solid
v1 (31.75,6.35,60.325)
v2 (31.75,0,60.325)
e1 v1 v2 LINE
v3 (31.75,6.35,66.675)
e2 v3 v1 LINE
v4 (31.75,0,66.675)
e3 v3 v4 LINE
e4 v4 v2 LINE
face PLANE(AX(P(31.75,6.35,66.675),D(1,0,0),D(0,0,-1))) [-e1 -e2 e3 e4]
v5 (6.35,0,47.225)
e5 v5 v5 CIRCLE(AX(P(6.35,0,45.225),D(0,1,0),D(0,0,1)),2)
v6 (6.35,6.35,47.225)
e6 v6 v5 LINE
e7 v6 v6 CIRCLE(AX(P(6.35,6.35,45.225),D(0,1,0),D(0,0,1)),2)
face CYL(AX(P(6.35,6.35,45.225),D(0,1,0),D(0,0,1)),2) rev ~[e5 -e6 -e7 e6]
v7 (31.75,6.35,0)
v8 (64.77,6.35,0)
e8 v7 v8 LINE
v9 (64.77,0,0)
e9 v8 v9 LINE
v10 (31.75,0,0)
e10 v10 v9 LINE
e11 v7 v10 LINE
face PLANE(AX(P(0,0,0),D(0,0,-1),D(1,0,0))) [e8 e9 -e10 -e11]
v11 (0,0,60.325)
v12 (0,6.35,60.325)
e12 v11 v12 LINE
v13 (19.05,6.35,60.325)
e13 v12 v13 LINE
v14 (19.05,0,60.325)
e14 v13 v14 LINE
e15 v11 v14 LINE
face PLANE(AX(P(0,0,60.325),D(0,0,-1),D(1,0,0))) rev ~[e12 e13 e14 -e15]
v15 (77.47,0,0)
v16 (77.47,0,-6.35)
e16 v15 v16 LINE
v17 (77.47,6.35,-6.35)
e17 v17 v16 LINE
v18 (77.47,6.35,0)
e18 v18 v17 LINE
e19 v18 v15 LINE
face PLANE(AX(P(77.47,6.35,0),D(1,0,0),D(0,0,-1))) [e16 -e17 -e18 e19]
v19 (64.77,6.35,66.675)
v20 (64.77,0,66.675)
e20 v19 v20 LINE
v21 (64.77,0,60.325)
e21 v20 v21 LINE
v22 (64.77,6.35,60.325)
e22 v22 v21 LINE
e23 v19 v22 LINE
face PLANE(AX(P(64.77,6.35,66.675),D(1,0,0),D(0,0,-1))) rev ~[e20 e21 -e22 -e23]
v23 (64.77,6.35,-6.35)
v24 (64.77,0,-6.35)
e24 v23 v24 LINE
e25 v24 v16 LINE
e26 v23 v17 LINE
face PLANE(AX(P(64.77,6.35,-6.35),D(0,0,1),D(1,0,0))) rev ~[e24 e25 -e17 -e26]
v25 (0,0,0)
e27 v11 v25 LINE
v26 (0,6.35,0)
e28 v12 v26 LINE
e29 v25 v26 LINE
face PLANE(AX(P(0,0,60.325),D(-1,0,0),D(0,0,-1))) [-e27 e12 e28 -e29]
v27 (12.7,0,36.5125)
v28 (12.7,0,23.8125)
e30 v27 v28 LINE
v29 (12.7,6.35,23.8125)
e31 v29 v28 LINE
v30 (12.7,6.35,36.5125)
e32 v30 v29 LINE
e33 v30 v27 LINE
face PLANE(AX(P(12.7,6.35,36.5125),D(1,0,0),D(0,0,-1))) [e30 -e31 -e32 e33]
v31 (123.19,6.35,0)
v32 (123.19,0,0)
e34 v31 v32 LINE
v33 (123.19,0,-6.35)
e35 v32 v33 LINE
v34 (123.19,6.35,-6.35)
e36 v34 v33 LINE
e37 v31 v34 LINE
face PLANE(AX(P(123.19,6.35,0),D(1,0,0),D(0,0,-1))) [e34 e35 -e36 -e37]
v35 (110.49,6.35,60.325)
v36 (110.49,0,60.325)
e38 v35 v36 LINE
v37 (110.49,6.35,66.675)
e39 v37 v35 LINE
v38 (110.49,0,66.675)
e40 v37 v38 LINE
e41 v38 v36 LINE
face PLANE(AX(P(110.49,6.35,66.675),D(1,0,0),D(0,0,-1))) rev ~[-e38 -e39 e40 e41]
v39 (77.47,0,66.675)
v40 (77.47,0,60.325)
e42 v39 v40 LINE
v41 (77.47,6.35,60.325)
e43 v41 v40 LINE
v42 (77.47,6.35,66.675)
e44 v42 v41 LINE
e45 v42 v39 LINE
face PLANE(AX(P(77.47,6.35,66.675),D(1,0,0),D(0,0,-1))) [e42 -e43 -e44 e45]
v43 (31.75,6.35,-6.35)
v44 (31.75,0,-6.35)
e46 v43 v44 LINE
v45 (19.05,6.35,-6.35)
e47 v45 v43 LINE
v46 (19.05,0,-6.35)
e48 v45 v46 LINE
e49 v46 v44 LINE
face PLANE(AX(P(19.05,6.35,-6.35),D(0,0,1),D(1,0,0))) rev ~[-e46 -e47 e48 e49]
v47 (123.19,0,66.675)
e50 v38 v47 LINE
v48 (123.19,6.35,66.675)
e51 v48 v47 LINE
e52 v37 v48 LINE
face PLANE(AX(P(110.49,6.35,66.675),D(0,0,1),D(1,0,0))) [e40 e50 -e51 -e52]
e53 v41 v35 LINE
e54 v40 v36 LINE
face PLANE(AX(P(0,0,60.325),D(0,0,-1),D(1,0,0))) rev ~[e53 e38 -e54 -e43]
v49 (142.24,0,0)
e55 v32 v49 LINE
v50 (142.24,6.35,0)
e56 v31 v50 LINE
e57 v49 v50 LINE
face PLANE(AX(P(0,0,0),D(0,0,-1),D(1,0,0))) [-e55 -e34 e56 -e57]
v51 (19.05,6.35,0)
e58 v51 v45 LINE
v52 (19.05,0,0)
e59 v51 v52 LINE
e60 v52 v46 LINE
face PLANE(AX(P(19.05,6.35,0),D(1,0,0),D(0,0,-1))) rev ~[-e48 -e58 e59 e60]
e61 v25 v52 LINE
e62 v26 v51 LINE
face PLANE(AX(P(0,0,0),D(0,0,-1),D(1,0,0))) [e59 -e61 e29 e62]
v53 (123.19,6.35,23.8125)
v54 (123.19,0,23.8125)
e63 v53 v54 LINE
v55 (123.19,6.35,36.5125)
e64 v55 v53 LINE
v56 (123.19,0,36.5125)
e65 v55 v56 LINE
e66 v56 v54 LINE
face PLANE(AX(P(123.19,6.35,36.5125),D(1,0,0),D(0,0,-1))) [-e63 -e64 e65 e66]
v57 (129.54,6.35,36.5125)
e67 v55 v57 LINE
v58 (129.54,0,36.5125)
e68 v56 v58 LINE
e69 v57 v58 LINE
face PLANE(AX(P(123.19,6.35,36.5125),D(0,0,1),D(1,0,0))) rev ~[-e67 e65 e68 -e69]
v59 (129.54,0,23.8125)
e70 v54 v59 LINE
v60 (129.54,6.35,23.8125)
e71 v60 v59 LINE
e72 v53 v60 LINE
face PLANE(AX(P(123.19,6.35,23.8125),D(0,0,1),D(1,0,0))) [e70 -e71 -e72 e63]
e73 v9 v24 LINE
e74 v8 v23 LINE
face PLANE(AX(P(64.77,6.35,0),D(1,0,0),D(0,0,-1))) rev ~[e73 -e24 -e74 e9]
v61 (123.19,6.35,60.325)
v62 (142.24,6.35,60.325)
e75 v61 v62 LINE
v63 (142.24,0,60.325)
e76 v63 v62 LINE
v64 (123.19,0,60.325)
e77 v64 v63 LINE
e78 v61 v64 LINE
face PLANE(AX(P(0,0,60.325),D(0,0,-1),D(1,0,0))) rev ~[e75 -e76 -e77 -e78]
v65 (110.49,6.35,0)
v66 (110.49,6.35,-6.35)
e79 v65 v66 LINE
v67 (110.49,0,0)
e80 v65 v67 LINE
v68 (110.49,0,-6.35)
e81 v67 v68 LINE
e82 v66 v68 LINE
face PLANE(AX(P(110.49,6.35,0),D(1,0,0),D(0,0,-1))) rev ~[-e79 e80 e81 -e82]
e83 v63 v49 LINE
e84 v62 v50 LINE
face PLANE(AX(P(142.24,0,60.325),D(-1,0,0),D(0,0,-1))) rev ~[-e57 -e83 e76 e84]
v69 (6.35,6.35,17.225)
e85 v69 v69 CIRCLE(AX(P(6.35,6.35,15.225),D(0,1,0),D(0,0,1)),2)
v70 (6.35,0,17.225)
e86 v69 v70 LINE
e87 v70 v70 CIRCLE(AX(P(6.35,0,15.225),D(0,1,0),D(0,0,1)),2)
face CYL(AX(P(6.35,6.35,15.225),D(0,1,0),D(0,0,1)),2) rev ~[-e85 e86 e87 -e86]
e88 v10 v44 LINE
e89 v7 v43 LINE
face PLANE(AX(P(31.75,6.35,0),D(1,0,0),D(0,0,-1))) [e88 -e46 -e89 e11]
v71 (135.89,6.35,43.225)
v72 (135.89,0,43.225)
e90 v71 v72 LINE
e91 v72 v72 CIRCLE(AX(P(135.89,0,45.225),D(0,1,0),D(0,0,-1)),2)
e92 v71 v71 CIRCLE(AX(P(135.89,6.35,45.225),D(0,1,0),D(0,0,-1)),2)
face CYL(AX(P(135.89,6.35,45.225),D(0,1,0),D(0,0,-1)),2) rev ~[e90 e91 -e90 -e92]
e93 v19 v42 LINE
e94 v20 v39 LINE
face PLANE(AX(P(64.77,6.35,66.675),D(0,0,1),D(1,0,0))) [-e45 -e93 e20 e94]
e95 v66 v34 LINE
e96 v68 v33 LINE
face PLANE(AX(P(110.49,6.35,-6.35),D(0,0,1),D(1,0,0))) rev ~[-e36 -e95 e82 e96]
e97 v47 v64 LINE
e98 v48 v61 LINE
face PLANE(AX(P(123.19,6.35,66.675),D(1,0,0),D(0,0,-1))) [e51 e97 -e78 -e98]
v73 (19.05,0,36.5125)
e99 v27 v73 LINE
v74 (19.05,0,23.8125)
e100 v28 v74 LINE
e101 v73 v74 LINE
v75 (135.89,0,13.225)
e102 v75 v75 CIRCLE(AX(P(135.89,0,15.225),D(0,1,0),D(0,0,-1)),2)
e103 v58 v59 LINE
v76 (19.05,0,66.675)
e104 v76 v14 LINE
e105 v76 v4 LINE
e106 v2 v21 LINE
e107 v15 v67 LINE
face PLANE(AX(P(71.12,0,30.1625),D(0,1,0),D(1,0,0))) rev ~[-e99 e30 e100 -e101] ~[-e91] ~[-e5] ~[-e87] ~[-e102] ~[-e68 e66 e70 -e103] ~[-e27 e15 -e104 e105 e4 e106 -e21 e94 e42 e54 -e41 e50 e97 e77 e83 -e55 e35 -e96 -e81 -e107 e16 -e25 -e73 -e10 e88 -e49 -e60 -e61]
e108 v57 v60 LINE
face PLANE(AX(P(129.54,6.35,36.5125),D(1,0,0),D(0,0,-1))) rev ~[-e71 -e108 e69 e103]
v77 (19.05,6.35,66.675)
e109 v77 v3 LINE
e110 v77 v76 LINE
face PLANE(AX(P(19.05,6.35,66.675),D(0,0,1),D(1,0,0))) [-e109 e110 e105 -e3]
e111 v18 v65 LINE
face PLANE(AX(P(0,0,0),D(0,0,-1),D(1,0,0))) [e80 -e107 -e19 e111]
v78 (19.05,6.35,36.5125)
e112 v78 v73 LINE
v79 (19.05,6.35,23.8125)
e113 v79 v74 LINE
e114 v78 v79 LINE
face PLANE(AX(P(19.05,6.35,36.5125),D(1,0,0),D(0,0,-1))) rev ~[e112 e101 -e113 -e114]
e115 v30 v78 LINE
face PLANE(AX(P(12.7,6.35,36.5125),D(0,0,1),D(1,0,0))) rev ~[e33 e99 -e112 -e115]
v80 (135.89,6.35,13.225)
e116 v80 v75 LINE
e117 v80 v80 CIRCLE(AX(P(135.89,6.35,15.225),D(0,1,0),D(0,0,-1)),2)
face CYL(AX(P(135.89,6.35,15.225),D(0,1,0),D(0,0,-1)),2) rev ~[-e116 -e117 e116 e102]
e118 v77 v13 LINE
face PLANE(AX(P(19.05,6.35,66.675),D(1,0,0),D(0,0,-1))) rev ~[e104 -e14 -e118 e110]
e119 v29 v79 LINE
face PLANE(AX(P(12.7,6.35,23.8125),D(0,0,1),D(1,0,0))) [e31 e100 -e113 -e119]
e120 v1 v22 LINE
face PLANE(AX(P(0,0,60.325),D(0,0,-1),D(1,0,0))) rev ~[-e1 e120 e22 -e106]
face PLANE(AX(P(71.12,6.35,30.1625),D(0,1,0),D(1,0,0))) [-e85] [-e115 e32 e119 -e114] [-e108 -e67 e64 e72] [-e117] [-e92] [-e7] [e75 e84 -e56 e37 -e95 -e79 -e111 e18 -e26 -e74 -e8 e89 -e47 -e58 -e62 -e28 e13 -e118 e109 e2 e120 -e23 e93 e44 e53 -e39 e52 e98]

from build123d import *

# Parameters (mm, degrees)
SKETCH1_W           = 142.24
SKETCH1_H           = 60.325
BOSS_EXTRUDE1_DEPTH = 6.35
SKETCH2_R           = 2
SKETCH2_W           = 6.35
SKETCH2_H           = 12.7
CUT_EXTRUDE1_DEPTH  = 155.633908717
SKETCH3_W           = 12.7
SKETCH3_H           = 6.35
BOSS_EXTRUDE2_DEPTH = 6.35


with BuildPart() as part:
    # Sketch1 → Boss-Extrude1 (new body)
    with BuildSketch(Plane(origin=(0, 0, 0), x_dir=(1, 0, 0), z_dir=(0, 1, 0))):
        with Locations((71.12, -30.1625)):
            Rectangle(SKETCH1_W, SKETCH1_H)
    extrude(amount=BOSS_EXTRUDE1_DEPTH)

    # Sketch2 → Cut-Extrude1 (cut, through all)
    with BuildSketch(Plane(origin=(0, 6.35, 0), x_dir=(1, 0, 0), z_dir=(0, 1, 0))):
        with Locations(Location((6.35, -15.225, 0), (0, 0, 270))):
            Circle(SKETCH2_R)
        with Locations(Location((6.35, -45.225, 0), (0, 0, 270))):
            Circle(SKETCH2_R)
        with Locations(Location((135.89, -45.225, 0), (0, 0, 90))):
            Circle(SKETCH2_R)
        with Locations(Location((135.89, -15.225, 0), (0, 0, 90))):
            Circle(SKETCH2_R)
        with Locations((126.365, -30.1625)):
            Rectangle(SKETCH2_W, SKETCH2_H)
        with Locations((15.875, -30.1625)):
            Rectangle(SKETCH2_W, SKETCH2_H)
    extrude(amount=-CUT_EXTRUDE1_DEPTH, mode=Mode.SUBTRACT)

    # Sketch3 → Boss-Extrude2 (add)
    with BuildSketch(Plane(origin=(0, 6.35, 0), x_dir=(1, 0, 0), z_dir=(0, 1, 0))):
        with Locations((25.4, 3.175)):
            Rectangle(SKETCH3_W, SKETCH3_H)
        with Locations((116.84, 3.175)):
            Rectangle(SKETCH3_W, SKETCH3_H)
        with Locations((116.84, -63.5)):
            Rectangle(SKETCH3_W, SKETCH3_H)
        with Locations((25.4, -63.5)):
            Rectangle(SKETCH3_W, SKETCH3_H)
        with Locations((71.12, -63.5)):
            Rectangle(SKETCH3_W, SKETCH3_H)
        with Locations((71.12, 3.175)):
            Rectangle(SKETCH3_W, SKETCH3_H)
    extrude(amount=-BOSS_EXTRUDE2_DEPTH)


solid = part.part
